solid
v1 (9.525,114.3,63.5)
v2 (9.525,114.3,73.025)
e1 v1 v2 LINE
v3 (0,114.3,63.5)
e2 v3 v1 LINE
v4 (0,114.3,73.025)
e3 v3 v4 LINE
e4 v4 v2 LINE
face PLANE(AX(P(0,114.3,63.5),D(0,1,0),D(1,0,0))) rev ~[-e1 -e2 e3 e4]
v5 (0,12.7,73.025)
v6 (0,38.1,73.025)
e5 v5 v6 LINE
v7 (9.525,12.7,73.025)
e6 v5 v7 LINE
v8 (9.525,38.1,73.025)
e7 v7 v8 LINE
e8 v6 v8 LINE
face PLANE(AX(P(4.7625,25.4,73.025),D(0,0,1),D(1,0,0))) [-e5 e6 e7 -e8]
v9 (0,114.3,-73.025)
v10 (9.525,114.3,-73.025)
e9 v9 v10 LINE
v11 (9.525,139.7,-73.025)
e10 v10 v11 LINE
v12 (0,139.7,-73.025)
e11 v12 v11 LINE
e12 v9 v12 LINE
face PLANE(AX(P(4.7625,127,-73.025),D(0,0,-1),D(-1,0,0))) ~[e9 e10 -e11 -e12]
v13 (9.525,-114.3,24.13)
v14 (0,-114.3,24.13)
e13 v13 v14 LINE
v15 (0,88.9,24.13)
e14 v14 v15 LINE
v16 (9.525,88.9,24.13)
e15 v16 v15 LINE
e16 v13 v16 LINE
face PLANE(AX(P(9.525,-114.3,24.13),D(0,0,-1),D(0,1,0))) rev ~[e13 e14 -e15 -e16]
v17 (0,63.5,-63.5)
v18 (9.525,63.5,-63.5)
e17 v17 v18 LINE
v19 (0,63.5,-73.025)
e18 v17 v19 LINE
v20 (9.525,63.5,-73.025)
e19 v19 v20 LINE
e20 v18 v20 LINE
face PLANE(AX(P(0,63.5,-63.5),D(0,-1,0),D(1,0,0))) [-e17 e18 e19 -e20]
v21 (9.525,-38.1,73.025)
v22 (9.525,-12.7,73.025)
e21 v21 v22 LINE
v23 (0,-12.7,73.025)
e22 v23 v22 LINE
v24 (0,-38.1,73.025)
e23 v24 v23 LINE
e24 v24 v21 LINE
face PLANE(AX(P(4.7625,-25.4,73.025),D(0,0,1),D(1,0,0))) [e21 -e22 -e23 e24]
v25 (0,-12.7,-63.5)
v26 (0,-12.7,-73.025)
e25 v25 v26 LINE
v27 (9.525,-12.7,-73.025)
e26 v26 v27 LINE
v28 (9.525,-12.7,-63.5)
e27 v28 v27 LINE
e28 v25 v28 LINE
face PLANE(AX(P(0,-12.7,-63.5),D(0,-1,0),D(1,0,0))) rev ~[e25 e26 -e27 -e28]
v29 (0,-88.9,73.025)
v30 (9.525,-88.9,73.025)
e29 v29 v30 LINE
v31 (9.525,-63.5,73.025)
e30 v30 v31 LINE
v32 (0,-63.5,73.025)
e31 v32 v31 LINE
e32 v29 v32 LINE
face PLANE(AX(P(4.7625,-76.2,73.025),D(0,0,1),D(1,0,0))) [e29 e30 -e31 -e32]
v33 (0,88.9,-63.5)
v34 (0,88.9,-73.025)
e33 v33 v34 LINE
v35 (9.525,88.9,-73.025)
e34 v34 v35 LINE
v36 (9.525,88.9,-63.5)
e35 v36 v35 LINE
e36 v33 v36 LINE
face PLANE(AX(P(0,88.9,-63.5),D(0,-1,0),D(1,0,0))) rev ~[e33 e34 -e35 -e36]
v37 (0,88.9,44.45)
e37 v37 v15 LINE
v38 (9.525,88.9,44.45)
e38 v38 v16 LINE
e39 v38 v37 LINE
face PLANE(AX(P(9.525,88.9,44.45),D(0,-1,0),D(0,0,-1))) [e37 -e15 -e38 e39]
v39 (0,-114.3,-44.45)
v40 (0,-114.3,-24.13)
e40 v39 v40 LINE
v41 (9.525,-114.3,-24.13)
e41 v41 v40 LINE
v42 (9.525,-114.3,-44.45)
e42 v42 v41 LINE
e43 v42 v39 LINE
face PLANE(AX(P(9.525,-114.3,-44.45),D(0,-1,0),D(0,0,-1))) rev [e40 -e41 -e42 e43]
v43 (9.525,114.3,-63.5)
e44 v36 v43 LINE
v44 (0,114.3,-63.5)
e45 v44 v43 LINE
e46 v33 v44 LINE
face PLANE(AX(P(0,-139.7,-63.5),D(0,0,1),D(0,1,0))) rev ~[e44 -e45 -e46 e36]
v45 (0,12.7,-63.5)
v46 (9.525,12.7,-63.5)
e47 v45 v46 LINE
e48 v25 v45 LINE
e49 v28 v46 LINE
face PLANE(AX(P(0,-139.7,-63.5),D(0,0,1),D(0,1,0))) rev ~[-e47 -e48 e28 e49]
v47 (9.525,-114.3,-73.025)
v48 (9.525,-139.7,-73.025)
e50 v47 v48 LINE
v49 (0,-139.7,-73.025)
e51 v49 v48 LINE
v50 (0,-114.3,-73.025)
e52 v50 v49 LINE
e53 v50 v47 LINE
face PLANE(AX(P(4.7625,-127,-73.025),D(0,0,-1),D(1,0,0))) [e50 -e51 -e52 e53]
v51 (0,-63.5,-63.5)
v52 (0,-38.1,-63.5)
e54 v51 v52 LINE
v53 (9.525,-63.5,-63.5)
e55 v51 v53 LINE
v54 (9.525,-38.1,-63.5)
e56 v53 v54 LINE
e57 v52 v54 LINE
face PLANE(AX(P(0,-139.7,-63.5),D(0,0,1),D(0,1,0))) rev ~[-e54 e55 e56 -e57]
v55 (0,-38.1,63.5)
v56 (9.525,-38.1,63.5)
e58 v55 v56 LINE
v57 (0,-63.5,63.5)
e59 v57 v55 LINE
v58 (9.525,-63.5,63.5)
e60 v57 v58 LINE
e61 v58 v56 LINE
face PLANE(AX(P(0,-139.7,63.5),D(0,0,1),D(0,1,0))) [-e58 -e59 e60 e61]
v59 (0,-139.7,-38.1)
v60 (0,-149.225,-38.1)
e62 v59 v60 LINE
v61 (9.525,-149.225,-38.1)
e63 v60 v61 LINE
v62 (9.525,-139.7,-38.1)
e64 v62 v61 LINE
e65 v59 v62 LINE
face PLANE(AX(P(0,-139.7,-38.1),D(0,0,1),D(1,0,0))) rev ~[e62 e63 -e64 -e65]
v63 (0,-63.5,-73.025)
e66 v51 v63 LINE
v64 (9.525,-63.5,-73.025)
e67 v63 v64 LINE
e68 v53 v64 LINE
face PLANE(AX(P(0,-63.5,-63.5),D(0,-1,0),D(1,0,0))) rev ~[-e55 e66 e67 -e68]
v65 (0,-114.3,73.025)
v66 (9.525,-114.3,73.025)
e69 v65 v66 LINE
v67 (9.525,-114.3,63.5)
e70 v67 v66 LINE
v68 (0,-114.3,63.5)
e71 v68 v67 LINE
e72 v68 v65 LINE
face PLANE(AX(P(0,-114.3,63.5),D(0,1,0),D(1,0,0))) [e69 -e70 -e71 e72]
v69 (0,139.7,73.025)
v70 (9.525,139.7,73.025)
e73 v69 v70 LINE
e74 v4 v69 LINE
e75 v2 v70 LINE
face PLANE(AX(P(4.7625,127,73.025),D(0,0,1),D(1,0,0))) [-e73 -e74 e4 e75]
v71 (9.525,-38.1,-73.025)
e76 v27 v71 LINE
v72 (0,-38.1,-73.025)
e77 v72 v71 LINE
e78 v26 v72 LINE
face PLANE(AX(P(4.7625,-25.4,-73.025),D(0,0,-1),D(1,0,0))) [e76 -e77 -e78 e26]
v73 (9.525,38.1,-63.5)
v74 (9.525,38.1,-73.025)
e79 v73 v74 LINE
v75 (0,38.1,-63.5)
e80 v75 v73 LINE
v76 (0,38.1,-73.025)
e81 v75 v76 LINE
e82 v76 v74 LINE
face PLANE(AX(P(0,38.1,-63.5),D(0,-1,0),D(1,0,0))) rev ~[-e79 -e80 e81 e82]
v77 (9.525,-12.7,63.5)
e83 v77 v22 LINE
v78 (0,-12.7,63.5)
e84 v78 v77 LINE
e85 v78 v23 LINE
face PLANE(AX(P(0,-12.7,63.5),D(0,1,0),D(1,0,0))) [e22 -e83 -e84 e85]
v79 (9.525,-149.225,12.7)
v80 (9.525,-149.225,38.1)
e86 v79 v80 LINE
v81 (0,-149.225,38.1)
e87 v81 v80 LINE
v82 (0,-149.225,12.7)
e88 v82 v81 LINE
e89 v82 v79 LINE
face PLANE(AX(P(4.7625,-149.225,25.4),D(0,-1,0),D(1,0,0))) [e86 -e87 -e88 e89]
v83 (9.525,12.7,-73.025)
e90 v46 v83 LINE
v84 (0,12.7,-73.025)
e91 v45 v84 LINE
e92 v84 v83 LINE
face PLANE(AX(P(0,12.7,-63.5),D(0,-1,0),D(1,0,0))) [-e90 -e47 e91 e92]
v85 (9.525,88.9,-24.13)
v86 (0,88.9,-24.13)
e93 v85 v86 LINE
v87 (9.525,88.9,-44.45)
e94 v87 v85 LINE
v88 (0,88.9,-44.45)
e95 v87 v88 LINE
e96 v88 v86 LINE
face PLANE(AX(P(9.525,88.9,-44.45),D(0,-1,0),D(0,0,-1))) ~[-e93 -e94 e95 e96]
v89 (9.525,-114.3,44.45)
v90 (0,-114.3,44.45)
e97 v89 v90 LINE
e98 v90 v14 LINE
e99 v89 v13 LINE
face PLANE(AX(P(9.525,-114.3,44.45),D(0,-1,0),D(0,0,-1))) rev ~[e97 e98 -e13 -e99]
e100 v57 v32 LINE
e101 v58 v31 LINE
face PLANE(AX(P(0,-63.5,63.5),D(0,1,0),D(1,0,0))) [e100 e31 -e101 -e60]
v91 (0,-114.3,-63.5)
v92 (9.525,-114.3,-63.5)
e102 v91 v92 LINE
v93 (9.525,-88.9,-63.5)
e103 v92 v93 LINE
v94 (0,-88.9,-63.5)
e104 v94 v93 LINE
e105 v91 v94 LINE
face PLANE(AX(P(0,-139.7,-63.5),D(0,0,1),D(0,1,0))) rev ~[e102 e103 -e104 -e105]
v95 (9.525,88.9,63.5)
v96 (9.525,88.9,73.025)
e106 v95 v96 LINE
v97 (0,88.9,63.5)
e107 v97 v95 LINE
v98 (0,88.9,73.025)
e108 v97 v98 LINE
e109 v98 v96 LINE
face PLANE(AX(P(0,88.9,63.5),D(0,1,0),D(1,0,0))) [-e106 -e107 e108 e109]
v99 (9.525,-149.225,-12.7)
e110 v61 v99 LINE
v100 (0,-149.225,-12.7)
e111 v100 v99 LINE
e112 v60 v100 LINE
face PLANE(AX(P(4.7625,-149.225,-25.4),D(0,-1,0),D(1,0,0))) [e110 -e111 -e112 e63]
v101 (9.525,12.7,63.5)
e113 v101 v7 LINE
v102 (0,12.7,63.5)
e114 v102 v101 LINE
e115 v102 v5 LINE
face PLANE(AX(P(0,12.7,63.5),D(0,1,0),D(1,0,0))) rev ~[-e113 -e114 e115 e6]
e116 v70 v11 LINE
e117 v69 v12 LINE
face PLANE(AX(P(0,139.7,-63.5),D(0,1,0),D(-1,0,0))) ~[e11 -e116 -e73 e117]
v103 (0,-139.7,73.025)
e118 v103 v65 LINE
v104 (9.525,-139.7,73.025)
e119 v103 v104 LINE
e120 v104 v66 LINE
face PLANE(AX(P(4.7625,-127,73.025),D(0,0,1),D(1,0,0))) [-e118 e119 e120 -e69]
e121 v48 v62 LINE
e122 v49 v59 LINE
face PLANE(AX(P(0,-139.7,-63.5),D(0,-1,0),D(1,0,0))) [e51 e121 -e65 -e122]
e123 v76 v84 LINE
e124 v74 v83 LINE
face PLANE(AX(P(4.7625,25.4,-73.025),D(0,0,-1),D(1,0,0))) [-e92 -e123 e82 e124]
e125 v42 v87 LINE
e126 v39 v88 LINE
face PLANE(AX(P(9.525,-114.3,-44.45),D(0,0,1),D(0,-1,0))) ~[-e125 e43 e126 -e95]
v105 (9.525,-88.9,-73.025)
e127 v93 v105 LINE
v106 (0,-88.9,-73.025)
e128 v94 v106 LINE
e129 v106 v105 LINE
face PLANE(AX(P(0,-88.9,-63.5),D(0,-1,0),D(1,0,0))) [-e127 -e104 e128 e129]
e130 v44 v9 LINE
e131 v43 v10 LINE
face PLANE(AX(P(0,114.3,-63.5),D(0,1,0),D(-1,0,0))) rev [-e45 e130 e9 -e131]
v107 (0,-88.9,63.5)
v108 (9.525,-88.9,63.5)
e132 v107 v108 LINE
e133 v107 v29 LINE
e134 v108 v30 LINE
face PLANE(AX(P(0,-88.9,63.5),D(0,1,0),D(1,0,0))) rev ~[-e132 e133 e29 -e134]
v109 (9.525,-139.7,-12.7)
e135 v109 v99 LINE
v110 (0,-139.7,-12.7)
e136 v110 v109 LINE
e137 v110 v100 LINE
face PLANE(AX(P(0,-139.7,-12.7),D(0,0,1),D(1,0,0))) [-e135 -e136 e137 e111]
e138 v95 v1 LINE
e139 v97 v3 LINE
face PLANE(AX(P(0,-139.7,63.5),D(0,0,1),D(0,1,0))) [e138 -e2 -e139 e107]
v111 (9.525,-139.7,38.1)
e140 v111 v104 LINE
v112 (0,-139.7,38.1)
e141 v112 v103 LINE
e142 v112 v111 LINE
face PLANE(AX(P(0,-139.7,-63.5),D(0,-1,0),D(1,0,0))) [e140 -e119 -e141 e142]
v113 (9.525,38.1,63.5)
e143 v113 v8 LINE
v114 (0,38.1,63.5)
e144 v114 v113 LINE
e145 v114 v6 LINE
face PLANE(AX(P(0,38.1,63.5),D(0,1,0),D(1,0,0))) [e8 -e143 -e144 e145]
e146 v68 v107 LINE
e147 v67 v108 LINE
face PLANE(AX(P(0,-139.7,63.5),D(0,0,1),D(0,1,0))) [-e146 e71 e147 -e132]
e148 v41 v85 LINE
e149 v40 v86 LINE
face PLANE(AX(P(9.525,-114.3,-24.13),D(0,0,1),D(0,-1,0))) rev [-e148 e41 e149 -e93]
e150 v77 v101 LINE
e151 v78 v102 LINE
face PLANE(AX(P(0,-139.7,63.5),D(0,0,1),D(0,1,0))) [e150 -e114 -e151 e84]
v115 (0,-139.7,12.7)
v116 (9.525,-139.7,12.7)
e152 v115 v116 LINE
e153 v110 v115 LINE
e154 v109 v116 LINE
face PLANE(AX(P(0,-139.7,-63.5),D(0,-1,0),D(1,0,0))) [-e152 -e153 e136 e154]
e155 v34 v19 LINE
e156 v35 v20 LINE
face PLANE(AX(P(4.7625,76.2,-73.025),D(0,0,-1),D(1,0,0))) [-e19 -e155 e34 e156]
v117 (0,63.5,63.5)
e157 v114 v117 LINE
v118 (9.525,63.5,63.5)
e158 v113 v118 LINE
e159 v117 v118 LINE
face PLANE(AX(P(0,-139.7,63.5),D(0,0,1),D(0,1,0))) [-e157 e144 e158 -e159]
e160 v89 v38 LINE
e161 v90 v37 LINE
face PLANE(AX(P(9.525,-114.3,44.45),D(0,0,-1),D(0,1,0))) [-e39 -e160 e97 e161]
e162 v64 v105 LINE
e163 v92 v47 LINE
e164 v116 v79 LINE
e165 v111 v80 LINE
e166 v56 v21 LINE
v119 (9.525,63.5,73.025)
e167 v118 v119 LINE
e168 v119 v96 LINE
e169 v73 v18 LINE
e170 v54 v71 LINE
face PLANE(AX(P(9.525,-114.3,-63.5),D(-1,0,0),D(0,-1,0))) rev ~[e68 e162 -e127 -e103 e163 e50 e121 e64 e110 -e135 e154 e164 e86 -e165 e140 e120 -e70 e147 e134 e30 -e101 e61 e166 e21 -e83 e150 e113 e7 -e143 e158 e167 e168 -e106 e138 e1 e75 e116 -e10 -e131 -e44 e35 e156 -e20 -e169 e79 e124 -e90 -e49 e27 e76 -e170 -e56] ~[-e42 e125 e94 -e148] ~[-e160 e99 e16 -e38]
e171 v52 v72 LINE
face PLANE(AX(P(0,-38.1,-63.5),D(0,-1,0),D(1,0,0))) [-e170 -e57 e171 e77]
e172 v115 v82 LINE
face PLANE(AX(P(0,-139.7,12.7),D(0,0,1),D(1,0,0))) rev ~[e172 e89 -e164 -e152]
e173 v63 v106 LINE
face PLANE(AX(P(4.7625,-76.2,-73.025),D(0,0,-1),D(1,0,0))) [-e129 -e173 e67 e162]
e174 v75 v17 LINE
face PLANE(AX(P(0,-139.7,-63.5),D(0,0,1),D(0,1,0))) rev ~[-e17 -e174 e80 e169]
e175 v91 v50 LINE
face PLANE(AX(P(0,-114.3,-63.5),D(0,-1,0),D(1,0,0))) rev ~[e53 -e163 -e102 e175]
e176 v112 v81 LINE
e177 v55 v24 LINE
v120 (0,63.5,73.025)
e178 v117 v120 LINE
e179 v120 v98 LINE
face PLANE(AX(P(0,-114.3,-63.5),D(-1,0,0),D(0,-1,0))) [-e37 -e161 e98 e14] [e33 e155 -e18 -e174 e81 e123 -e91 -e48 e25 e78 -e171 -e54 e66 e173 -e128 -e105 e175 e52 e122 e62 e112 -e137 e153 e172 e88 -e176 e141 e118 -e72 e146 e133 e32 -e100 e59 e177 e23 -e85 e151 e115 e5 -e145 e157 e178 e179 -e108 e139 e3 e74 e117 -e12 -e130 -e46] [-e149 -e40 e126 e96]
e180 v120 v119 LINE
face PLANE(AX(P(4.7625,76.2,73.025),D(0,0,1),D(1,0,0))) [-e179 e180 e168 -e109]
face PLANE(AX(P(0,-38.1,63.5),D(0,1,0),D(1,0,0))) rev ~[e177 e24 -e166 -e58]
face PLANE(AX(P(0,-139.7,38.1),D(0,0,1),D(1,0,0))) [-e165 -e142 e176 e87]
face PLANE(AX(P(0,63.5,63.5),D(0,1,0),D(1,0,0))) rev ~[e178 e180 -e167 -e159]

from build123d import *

# Parameters (mm, degrees)
SKETCH1_W               = 127
SKETCH1_H               = 279.4
BOSS_EXTRUDE1_DEPTH     = 9.525
SKETCH2_W               = 9.525
SKETCH2_H               = 25.4
BOSS_EXTRUDE2_DEPTH     = 9.525
LPATTERN1_COUNT         = 6
LPATTERN1_PITCH         = 50.8
MIRROR1_COPY_1_SKETCH_W = 9.525
MIRROR1_COPY_1_SKETCH_H = 25.4
MIRROR1_COPY_1_DEPTH    = 9.525
MIRROR1_COPY_2_SKETCH_W = 9.525
MIRROR1_COPY_2_SKETCH_H = 25.4
MIRROR1_COPY_2_DEPTH    = 9.525
MIRROR1_COPY_3_SKETCH_W = 9.525
MIRROR1_COPY_3_SKETCH_H = 25.4
MIRROR1_COPY_3_DEPTH    = 9.525
MIRROR1_COPY_4_SKETCH_W = 9.525
MIRROR1_COPY_4_SKETCH_H = 25.4
MIRROR1_COPY_4_DEPTH    = 9.525
MIRROR1_COPY_5_SKETCH_W = 9.525
MIRROR1_COPY_5_SKETCH_H = 25.4
MIRROR1_COPY_5_DEPTH    = 9.525
SKETCH3_W               = 9.525
SKETCH3_H               = 25.4
BOSS_EXTRUDE3_DEPTH     = 9.525
LPATTERN2_COUNT         = 2
LPATTERN2_PITCH         = 50.8
SKETCH4_W               = 20.32
SKETCH4_H               = 203.2
CUT_EXTRUDE1_DEPTH      = 9.525


with BuildPart() as part:
    # Sketch1 → Boss-Extrude1 (new body)
    with BuildSketch(Plane(origin=(0, 0, 0), x_dir=(0, 0, -1), z_dir=(1, 0, 0))):
        Rectangle(SKETCH1_W, SKETCH1_H)
    extrude(amount=BOSS_EXTRUDE1_DEPTH)

    # Sketch2 → Boss-Extrude2 (add)
    with BuildSketch(Plane.XY.offset(63.5)):
        with Locations((4.7625, 127)):
            Rectangle(SKETCH2_W, SKETCH2_H)
    boss_extrude2 = extrude(amount=BOSS_EXTRUDE2_DEPTH)

    # LPattern1: Boss-Extrude2 ×6
    with Locations(*[(0, -i * LPATTERN1_PITCH, 0) for i in range(1, LPATTERN1_COUNT)]):
        add(boss_extrude2)

    # Mirror1: Boss-Extrude2 across plane
    add(boss_extrude2.mirror(Plane.XY))

    # Mirror1 copy 1 sketch → Mirror1 copy 1 (add)
    with BuildSketch(Plane(origin=(0, -50.8, -63.5), x_dir=(1, 0, 0), z_dir=(0, 0, -1))):
        with Locations((4.7625, -127)):
            Rectangle(MIRROR1_COPY_1_SKETCH_W, MIRROR1_COPY_1_SKETCH_H)
    extrude(amount=MIRROR1_COPY_1_DEPTH)

    # Mirror1 copy 2 sketch → Mirror1 copy 2 (add)
    with BuildSketch(Plane(origin=(0, -101.6, -63.5), x_dir=(1, 0, 0), z_dir=(0, 0, -1))):
        with Locations((4.7625, -127)):
            Rectangle(MIRROR1_COPY_2_SKETCH_W, MIRROR1_COPY_2_SKETCH_H)
    extrude(amount=MIRROR1_COPY_2_DEPTH)

    # Mirror1 copy 3 sketch → Mirror1 copy 3 (add)
    with BuildSketch(Plane(origin=(0, -152.4, -63.5), x_dir=(1, 0, 0), z_dir=(0, 0, -1))):
        with Locations((4.7625, -127)):
            Rectangle(MIRROR1_COPY_3_SKETCH_W, MIRROR1_COPY_3_SKETCH_H)
    extrude(amount=MIRROR1_COPY_3_DEPTH)

    # Mirror1 copy 4 sketch → Mirror1 copy 4 (add)
    with BuildSketch(Plane(origin=(0, -203.2, -63.5), x_dir=(1, 0, 0), z_dir=(0, 0, -1))):
        with Locations((4.7625, -127)):
            Rectangle(MIRROR1_COPY_4_SKETCH_W, MIRROR1_COPY_4_SKETCH_H)
    extrude(amount=MIRROR1_COPY_4_DEPTH)

    # Mirror1 copy 5 sketch → Mirror1 copy 5 (add)
    with BuildSketch(Plane(origin=(0, -254, -63.5), x_dir=(1, 0, 0), z_dir=(0, 0, -1))):
        with Locations((4.7625, -127)):
            Rectangle(MIRROR1_COPY_5_SKETCH_W, MIRROR1_COPY_5_SKETCH_H)
    extrude(amount=MIRROR1_COPY_5_DEPTH)

    # Sketch3 → Boss-Extrude3 (add)
    with BuildSketch(Plane.XZ.offset(139.7)):
        with Locations((4.7625, 25.4)):
            Rectangle(SKETCH3_W, SKETCH3_H)
    boss_extrude3 = extrude(amount=BOSS_EXTRUDE3_DEPTH)

    # LPattern2: Boss-Extrude3 ×2
    with Locations(*[(0, 0, -i * LPATTERN2_PITCH) for i in range(1, LPATTERN2_COUNT)]):
        add(boss_extrude3)

    # Sketch4 → Cut-Extrude1 (cut)
    with BuildSketch(Plane(origin=(9.525, 0, 0), x_dir=(0, 0, -1), z_dir=(1, 0, 0))):
        with Locations((-34.29, -12.7)):
            Rectangle(SKETCH4_W, SKETCH4_H)
    cut_extrude1 = extrude(amount=-CUT_EXTRUDE1_DEPTH, mode=Mode.SUBTRACT)

    # Mirror2: Cut-Extrude1 across plane
    add(cut_extrude1.mirror(Plane.XY), mode=Mode.SUBTRACT)


solid = part.part
